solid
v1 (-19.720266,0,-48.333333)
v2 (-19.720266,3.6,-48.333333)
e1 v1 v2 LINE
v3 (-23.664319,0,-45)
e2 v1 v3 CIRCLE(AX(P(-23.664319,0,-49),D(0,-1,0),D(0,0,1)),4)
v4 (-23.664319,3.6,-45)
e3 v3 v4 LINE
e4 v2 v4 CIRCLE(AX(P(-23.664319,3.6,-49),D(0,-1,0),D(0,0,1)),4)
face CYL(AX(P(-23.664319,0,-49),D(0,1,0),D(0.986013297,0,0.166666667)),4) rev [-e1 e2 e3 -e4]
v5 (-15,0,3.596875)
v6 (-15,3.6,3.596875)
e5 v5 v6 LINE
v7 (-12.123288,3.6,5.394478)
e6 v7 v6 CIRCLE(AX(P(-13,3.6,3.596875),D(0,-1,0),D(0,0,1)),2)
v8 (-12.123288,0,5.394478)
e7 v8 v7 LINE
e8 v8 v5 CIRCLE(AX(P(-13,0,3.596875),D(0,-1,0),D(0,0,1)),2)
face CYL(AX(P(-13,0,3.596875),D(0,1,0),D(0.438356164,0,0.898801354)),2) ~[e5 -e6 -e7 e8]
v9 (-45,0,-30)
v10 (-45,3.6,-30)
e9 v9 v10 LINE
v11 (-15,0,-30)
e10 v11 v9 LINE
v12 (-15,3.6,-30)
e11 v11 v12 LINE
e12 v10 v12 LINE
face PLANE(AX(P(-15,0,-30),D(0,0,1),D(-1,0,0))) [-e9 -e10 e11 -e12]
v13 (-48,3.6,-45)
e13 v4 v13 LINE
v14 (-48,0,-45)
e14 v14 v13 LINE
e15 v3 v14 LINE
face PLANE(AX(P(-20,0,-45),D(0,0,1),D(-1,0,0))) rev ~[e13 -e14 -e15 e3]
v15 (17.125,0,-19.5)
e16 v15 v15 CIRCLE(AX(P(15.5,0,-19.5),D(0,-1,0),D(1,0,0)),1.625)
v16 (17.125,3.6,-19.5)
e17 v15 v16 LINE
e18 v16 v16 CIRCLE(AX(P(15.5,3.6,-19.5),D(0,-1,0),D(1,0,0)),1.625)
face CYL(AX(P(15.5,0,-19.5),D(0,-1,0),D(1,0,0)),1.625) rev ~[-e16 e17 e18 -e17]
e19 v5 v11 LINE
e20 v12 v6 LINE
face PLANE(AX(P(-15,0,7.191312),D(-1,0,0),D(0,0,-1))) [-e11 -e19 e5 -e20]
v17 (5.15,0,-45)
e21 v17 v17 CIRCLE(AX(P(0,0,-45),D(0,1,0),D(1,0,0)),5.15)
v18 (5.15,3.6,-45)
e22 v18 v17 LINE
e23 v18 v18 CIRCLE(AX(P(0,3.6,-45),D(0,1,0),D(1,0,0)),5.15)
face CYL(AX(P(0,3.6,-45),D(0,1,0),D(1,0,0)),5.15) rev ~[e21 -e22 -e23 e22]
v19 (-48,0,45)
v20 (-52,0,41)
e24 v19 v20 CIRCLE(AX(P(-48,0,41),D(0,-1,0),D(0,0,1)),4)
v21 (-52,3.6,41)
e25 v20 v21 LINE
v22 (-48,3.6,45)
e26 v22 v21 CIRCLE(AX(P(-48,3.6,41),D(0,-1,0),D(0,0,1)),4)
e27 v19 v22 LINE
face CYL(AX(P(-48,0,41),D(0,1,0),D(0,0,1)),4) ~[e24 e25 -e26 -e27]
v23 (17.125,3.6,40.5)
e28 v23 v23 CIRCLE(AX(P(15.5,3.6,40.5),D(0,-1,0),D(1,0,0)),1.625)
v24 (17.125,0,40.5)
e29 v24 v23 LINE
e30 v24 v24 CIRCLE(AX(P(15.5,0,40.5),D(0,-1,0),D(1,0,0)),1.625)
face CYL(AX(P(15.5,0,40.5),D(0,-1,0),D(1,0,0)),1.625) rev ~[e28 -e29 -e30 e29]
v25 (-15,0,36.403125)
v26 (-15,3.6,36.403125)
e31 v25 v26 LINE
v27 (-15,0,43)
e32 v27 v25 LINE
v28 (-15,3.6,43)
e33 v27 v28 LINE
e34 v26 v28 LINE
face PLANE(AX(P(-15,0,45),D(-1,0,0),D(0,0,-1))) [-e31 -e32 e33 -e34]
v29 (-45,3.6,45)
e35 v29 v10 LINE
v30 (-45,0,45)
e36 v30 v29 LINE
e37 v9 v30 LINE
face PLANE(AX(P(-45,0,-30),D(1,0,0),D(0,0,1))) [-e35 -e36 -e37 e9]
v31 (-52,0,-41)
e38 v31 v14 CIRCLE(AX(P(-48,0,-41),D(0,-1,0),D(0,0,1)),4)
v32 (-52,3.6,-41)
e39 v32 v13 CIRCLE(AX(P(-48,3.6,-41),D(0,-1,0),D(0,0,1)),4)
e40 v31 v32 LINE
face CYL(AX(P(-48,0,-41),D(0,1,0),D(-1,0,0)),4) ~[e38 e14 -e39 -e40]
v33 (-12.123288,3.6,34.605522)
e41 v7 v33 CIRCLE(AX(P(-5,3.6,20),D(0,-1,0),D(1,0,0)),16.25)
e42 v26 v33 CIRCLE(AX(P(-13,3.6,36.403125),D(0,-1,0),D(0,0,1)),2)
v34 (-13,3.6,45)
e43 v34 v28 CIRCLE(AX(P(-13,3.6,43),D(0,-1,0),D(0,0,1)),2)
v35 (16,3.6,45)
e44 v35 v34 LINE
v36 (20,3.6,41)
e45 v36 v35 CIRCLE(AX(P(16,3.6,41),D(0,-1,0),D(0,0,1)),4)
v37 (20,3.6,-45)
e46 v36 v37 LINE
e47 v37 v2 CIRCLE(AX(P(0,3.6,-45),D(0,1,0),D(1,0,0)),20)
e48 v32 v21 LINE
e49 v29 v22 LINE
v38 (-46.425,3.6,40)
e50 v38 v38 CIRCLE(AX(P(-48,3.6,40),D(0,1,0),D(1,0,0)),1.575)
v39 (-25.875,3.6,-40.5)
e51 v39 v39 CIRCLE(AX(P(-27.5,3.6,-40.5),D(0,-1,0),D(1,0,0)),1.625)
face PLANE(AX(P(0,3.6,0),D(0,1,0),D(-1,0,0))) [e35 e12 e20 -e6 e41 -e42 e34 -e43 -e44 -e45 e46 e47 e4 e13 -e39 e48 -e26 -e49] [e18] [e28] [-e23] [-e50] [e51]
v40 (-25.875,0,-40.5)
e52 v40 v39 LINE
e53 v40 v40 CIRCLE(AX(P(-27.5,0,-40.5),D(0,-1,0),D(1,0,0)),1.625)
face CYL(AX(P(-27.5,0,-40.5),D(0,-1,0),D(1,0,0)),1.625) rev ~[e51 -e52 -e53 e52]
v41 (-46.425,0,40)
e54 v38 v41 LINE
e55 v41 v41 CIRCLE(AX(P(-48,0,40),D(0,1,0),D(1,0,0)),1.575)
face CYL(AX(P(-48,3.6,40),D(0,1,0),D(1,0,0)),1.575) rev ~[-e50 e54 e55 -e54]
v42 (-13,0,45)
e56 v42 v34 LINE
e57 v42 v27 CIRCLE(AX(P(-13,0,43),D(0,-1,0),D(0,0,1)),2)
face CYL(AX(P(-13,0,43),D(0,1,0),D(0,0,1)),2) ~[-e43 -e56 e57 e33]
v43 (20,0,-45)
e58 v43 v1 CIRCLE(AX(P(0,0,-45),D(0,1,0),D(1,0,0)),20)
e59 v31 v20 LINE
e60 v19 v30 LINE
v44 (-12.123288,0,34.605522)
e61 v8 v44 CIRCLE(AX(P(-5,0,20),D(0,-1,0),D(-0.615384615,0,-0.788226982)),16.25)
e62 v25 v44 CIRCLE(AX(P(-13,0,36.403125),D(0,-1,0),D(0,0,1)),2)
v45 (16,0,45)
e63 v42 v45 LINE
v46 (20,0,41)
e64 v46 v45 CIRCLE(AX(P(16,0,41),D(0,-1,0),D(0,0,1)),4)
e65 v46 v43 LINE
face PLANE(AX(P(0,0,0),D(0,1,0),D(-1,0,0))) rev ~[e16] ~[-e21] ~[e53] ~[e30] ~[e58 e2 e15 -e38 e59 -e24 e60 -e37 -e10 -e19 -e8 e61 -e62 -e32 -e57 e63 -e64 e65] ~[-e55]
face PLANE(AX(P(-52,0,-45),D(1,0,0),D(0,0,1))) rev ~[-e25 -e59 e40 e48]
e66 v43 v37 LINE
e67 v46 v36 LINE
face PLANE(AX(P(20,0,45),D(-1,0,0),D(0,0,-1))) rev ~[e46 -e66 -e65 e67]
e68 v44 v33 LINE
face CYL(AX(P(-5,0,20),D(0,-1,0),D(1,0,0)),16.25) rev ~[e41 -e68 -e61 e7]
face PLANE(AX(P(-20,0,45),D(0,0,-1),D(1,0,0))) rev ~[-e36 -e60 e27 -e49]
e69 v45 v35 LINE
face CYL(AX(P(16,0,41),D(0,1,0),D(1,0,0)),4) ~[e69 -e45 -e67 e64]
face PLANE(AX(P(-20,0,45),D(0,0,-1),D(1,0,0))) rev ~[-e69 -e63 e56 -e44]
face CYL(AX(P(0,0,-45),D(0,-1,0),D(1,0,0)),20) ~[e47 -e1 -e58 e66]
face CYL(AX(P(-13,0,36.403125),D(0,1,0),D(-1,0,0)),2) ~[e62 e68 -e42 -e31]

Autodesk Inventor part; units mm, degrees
ref_plane "YZ Plane" through (0, 0, 0) normal (1, 0, 0) x (0, 1, 0)
ref_plane "XZ Plane" through (0, 0, 0) normal (0, 1, 0) x (-1, 0, 0)
ref_plane "XY Plane" through (0, 0, 0) normal (0, 0, 1) x (1, 0, 0)
sketch "Sketch1" plane through (0, 0, 0) normal (0, 1, 0) x (-1, 0, 0)
  line L0 (20, 45) -> (-20, 45)
  line L1 (-20, 45) -> (-20, -45)
  line L2 (-20, -45) -> (20, -45)
  line L3 (20, -45) -> (20, 45)
  line L4 (20, 45) -> (-20, -45) construction
  line L5 (-20, 45) -> (20, -45) construction
  arc A0 (-20, -45) -> (20, -45) centre (0, -45) ccw
  line L6 (20, -45) -> (52, -45)
  line L7 (52, -45) -> (52, 45)
  line L8 (52, 45) -> (20, 45)
  line L9 (20, 45) -> (20, -45)
  point P0 (0, 0)
  dimension "d0" = 40
  dimension "d1" = 90
  dimension "d7" = 32
  dimension "d8" = 90
extrude "Extrusion1" add sketch "Sketch1" along normal blind 3.6
sketch "Sketch2" plane through (0, 3.6, 0) normal (0, 1, 0) x (1, 0, 0)
  arc A0 (20, 45) -> (-20, 45) centre (0, 45) ccw projected
  circle A1 centre (0, 45) radius 5.15
  point P0 (0, 0)
  dimension "d4" = 10.3
extrude "Extrusion2" cut sketch "Sketch2" against normal blind 3.6
fillet "Fillet1" radius 4 4 edges at (-20, 1.8, -45) (-52, 1.8, -45) (-52, 1.8, 45) (20, 1.8, 45)
sketch "Sketch3" plane through (0, 0, 0) normal (0, -1, 0) x (1, 0, 0)
  line L0 (-48, 45) -> (16, 45) projected
  line L1 (-45, 45) -> (-15, 45)
  line L2 (-15, 45) -> (-15, -30)
  line L3 (-15, -30) -> (-45, -30)
  line L4 (-45, -30) -> (-45, 45)
  line L5 (-52, -41) -> (-52, 41) projected
  circle A0 centre (-5, 20) radius 16.25
  line L6 (20, 41) -> (20, -45) projected
  point P0 (0, 0)
  dimension "d10" = 30
  dimension "d11" = 75
  dimension "d12" = 7
  dimension "d13" = 32.5
  dimension "d14" = 25
  dimension "d15" = 25
extrude "Extrusion3" cut sketch "Sketch3" against normal blind 10
fillet "Fillet2" radius 2 3 edges at (-15, 1.8, 45) (-15, 1.8, 32.8087) (-15, 1.8, 7.1913)
sketch "Sketch4" plane through (0, 0, 0) normal (0, -1, 0) x (1, 0, 0)
  circle A0 centre (-27.5, -40.5) radius 1.625
  circle A1 centre (15.5, 40.5) radius 1.625
  circle A2 centre (15.5, -19.5) radius 1.625
  line L0 (20, 41) -> (20, -45) projected
  line L1 (-13, 45) -> (16, 45) projected
  line L2 (-23.6643, -45) -> (-48, -45) projected
  line L3 (-52, -41) -> (-52, 41) projected
  point P0 (0, 0)
  dimension "d19" = 3.25
  dimension "d20" = 3.25
  dimension "d21" = 3.25
  dimension "d22" = 4.5
  dimension "d23" = 4.5
  dimension "d24" = 4.5
  dimension "d25" = 60
  dimension "d26" = 4.5
  dimension "d27" = 24.5
extrude "Extrusion4" cut sketch "Sketch4" against normal blind 10
sketch "Sketch5" plane through (0, 3.6, 0) normal (0, 1, 0) x (1, 0, 0)
  circle A0 centre (-48, -40) radius 1.575
  line L0 (-52, 41) -> (-52, -41) projected
  line L1 (-13, -45) -> (16, -45) projected
  point P0 (0, 0)
  dimension "d30" = 3.15
  dimension "d31" = 4
  dimension "d32" = 5
extrude "Extrusion5" cut sketch "Sketch5" against normal blind 10
properties part number "p1"
